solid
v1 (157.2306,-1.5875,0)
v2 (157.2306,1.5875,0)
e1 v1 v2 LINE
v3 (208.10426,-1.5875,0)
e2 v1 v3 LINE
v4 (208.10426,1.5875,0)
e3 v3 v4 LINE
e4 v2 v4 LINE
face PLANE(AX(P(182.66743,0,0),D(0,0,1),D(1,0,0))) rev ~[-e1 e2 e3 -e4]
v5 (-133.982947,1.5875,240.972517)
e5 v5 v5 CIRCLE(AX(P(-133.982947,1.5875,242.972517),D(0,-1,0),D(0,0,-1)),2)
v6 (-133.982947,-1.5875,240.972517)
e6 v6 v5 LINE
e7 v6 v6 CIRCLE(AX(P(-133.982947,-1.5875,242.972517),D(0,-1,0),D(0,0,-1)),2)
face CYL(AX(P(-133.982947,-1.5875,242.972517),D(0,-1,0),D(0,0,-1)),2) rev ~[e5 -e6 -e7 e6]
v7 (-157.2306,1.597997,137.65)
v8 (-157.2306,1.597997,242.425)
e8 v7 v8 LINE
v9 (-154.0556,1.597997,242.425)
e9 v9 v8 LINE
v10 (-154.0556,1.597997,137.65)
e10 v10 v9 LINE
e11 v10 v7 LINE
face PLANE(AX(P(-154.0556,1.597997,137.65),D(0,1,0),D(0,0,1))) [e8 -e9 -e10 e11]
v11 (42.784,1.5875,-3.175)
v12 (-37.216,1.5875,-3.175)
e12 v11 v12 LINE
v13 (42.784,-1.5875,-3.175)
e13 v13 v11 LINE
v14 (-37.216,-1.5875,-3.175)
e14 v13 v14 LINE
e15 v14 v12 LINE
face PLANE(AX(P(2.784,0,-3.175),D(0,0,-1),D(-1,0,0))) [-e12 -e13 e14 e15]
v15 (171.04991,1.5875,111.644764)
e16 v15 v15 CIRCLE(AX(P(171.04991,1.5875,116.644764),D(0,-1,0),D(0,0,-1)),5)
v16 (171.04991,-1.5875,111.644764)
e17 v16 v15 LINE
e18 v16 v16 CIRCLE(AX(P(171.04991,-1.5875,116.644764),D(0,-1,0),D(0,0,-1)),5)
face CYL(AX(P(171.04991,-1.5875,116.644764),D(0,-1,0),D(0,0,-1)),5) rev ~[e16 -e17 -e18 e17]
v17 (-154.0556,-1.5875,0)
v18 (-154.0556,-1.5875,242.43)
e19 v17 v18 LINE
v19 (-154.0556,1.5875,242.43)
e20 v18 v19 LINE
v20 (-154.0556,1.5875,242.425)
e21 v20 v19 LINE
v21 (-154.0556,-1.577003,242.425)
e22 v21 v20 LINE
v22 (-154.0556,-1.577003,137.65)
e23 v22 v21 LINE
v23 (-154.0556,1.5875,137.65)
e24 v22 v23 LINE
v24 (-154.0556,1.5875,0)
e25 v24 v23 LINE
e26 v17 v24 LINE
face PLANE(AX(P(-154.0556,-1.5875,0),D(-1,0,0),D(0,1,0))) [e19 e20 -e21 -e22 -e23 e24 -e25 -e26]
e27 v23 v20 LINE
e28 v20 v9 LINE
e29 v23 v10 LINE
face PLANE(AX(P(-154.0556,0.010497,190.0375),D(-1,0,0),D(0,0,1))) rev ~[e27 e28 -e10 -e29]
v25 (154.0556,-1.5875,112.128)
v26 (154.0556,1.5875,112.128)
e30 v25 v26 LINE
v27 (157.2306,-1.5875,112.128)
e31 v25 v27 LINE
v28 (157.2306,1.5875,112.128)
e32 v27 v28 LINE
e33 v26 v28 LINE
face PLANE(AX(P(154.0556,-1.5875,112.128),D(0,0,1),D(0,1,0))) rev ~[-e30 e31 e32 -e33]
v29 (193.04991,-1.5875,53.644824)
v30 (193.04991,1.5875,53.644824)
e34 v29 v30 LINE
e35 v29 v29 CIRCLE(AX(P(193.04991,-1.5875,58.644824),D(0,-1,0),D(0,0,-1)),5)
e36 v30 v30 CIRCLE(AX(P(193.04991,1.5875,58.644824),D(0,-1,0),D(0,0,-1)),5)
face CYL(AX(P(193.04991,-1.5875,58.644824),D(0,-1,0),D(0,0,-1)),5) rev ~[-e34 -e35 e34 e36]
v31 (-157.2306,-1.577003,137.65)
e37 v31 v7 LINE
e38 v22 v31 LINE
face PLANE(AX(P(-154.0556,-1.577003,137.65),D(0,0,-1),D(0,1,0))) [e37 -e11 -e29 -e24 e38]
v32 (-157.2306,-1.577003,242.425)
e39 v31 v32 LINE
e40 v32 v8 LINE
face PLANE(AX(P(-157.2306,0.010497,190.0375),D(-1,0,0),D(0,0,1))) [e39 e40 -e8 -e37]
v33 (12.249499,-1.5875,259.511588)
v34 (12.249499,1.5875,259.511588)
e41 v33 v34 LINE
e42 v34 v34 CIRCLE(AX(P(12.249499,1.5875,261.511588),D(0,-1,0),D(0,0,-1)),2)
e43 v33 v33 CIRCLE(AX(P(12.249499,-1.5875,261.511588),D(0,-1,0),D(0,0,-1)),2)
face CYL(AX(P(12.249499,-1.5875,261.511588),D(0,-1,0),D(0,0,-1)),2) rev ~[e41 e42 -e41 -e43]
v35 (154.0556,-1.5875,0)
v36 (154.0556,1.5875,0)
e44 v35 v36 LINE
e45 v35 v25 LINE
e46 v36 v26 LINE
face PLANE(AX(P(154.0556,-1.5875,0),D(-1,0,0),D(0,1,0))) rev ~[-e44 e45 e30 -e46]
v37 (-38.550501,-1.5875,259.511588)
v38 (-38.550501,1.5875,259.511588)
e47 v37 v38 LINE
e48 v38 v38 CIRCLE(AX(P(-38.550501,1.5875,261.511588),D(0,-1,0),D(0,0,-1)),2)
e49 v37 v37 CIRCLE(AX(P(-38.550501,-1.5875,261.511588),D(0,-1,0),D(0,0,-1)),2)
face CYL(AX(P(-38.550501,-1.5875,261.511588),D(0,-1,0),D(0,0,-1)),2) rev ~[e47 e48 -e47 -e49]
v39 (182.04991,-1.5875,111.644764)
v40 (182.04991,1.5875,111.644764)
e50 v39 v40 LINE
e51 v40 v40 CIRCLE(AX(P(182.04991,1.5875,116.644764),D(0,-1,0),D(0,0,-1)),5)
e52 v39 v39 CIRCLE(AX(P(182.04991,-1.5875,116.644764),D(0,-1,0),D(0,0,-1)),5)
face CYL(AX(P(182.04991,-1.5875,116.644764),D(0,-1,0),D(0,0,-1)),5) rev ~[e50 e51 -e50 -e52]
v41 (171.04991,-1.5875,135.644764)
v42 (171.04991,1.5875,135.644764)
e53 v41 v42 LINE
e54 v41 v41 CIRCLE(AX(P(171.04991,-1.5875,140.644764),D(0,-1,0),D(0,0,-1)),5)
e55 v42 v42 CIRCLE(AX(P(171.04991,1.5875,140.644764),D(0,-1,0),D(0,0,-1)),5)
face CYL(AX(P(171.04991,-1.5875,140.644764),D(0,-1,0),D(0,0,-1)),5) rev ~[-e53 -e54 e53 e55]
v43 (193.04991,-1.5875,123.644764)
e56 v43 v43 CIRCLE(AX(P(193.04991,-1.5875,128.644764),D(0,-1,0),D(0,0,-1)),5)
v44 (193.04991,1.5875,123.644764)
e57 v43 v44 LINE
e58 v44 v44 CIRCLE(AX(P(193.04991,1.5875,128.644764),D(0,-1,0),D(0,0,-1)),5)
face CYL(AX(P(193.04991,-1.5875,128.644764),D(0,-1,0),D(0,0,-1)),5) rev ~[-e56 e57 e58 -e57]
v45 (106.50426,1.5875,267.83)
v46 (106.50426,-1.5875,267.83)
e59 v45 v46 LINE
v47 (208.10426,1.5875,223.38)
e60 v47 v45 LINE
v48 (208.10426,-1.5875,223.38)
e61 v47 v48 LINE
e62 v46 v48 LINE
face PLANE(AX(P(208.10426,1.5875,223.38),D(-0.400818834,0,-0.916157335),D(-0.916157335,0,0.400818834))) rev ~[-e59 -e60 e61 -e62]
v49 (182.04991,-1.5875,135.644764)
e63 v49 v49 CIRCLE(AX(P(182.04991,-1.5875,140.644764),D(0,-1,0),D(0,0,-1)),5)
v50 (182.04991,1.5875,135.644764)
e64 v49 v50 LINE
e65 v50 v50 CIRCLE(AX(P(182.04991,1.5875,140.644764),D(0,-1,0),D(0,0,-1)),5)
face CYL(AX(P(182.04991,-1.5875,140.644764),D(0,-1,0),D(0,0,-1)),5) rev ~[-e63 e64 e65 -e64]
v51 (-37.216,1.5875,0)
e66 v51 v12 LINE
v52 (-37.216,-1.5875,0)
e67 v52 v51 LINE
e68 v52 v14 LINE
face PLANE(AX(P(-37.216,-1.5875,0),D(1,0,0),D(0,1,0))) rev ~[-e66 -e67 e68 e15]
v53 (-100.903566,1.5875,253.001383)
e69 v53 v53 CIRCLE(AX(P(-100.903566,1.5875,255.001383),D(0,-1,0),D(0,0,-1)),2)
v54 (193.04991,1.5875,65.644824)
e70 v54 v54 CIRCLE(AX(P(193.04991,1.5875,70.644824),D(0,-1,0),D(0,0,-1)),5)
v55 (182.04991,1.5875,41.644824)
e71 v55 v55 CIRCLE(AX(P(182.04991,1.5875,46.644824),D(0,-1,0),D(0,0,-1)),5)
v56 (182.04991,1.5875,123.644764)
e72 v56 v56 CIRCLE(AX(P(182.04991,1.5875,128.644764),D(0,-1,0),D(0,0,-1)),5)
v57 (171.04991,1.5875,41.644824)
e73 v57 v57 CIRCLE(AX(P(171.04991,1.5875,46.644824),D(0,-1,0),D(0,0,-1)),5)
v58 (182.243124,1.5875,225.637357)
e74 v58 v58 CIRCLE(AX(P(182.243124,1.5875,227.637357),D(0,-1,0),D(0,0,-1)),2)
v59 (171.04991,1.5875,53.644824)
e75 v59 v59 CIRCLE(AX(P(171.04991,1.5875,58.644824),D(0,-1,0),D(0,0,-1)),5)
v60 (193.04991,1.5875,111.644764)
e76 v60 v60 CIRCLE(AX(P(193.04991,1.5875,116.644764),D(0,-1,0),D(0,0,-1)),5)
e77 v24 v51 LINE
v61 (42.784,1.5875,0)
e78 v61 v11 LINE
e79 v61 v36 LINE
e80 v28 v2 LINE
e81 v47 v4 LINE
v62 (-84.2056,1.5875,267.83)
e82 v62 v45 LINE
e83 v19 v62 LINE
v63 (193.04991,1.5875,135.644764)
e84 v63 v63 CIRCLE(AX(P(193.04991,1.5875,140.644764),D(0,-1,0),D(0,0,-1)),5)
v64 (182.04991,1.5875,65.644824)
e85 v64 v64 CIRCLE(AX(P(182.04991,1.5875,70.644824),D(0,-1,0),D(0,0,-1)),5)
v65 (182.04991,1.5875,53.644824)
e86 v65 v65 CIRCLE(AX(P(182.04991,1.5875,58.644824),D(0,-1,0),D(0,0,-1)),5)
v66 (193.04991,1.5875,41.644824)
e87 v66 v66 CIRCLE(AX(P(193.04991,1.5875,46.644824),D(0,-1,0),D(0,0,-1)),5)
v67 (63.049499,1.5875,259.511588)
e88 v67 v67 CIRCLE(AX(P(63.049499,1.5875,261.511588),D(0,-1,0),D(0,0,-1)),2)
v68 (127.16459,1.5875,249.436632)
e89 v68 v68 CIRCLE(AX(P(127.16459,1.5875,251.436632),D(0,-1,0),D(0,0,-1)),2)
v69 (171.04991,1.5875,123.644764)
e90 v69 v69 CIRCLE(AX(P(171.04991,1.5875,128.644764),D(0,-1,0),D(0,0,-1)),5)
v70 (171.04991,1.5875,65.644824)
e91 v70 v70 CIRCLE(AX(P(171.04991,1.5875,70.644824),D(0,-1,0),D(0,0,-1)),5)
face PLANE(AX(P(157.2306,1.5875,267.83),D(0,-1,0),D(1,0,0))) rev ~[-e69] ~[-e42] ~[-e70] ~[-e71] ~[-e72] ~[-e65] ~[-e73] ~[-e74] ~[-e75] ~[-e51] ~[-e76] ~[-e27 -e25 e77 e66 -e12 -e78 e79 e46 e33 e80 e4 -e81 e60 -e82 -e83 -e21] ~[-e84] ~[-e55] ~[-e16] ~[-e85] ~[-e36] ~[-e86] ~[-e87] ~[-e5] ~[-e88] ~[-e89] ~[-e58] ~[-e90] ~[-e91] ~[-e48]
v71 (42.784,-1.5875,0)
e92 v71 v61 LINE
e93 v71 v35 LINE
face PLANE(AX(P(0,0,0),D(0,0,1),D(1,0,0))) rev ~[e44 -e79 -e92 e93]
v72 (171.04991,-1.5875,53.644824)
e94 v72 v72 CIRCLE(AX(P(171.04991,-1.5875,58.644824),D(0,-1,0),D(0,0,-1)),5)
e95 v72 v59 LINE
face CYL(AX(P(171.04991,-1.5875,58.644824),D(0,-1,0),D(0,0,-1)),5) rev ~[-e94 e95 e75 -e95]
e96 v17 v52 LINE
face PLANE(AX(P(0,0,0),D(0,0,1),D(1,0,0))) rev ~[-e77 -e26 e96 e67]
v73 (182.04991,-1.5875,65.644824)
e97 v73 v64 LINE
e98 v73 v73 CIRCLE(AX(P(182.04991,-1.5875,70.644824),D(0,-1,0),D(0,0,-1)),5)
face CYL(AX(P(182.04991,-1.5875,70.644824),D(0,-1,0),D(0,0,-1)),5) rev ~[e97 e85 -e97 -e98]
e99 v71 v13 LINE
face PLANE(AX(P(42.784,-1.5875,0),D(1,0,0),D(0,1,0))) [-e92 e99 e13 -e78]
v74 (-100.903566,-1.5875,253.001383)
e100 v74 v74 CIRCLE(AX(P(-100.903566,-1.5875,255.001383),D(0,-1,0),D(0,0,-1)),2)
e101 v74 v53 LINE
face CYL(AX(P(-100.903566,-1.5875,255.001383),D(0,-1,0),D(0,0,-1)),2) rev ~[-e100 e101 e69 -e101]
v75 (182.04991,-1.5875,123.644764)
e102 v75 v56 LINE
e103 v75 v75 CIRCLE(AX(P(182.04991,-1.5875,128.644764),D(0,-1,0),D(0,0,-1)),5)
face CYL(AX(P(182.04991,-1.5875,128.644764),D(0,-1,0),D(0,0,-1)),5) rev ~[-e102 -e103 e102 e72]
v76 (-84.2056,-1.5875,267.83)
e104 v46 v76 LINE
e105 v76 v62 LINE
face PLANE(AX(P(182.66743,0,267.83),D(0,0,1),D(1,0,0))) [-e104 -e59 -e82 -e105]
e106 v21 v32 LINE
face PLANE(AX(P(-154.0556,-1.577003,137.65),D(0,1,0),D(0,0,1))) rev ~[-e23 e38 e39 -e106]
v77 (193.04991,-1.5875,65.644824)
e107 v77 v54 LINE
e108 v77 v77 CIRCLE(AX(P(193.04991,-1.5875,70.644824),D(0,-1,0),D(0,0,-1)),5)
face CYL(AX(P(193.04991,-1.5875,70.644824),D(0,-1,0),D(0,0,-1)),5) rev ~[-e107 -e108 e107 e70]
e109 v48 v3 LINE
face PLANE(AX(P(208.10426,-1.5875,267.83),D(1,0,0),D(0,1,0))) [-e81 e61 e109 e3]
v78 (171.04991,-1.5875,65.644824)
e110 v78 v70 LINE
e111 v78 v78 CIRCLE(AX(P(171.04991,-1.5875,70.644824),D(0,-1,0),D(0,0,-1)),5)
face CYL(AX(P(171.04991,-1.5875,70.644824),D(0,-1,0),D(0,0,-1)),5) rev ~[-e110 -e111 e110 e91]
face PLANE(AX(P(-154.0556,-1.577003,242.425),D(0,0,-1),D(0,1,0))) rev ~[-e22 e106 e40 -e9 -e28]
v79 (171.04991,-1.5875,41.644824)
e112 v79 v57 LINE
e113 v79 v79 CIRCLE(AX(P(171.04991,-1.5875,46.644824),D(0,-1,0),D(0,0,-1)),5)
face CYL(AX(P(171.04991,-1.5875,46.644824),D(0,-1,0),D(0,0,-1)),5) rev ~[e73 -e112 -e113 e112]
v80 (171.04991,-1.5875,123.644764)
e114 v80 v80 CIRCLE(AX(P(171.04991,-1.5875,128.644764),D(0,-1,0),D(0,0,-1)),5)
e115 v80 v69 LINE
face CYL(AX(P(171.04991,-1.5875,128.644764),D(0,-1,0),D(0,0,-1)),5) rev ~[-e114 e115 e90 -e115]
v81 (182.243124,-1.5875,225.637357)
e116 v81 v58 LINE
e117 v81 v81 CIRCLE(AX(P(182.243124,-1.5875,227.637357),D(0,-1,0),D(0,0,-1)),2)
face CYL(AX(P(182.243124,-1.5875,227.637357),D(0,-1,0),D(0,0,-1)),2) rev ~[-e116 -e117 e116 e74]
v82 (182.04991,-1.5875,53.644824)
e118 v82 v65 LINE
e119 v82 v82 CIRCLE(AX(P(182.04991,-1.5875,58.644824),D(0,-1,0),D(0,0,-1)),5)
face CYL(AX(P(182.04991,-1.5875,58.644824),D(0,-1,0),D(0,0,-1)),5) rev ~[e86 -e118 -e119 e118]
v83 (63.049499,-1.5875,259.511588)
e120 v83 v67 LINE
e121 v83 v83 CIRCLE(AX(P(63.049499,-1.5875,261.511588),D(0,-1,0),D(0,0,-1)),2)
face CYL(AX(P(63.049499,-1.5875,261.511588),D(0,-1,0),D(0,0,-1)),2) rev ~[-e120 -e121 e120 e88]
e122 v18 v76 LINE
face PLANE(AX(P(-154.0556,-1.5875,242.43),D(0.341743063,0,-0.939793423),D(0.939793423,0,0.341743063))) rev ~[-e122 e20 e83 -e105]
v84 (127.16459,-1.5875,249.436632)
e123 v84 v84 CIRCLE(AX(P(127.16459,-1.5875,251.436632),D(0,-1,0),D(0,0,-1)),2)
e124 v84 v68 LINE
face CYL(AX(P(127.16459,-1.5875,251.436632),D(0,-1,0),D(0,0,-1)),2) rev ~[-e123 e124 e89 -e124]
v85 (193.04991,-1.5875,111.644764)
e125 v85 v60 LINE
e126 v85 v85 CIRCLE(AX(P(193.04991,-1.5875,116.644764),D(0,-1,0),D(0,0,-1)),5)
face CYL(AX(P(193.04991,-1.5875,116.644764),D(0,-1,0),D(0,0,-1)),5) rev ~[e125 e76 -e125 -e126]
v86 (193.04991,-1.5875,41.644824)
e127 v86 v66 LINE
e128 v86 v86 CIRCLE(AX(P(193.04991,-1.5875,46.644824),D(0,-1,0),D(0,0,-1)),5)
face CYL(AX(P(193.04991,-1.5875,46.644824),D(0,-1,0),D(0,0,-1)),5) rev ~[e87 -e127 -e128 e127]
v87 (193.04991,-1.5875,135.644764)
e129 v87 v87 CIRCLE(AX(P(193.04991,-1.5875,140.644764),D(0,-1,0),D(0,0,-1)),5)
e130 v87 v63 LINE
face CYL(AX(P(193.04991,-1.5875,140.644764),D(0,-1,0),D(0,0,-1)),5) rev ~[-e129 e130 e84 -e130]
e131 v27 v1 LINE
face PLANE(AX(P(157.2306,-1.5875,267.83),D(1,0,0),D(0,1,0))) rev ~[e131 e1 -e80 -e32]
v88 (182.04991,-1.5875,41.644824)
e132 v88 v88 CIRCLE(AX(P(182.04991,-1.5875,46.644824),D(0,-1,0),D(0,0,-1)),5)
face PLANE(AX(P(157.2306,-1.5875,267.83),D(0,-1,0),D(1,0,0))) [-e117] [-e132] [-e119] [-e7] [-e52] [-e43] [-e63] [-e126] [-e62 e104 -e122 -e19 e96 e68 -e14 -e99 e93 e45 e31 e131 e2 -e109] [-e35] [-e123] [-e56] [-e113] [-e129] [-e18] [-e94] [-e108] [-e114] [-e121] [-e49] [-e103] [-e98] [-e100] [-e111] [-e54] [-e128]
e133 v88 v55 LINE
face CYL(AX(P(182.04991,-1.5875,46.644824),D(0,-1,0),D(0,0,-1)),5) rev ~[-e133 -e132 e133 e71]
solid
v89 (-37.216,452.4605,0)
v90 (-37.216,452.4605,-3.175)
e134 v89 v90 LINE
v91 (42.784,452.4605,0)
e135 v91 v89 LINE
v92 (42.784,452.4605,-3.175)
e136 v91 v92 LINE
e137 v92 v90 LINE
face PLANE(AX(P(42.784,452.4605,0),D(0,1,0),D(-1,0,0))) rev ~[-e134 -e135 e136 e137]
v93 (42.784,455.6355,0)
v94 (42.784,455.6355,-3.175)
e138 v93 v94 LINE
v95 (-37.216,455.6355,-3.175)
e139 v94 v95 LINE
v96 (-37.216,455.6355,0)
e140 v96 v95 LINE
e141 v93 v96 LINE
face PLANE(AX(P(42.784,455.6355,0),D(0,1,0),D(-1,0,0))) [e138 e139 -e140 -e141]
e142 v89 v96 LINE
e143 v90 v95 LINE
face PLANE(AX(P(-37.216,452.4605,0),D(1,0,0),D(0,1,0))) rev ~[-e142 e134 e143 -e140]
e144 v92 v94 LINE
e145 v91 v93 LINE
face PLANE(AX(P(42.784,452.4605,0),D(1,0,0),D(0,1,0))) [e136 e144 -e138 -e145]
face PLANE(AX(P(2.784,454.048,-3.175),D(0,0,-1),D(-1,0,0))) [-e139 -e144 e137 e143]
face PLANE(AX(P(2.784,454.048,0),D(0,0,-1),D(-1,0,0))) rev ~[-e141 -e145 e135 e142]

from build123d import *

# Parameters (mm, degrees)
SKETCH1_W           = 308.1112
SKETCH1_H           = 3.175
BOSS_EXTRUDE1_DEPTH = 267.83
SKETCH3_W           = 155.702
SKETCH3_H           = 3.175
BOSS_EXTRUDE3_DEPTH = 3.175
SKETCH4_W           = 50.87366
SKETCH4_H           = 3.175
BOSS_EXTRUDE4_DEPTH = 267.83
CUT_EXTRUDE1_DEPTH  = 340.190761306
CUT_EXTRUDE3_DEPTH  = 340.190761306
SKETCH13_R          = 5
CUT_EXTRUDE4_DEPTH  = 340.190761306
LPATTERN1_COUNT     = 3
LPATTERN1_PITCH     = 12
SKETCH17_W          = 104.775
SKETCH17_H          = 3.175
BOSS_EXTRUDE5_DEPTH = 3.175
SKETCH18_W          = 80
SKETCH18_H          = 3.175
BOSS_EXTRUDE6_DEPTH = 3.175
SKETCH19_W          = 80
SKETCH19_H          = 3.175
BOSS_EXTRUDE7_DEPTH = 3.175
SKETCH20_R          = 2
CUT_EXTRUDE5_DEPTH  = 3.175


with BuildPart() as part:
    # Sketch1 → Boss-Extrude1 (new body)
    with BuildSketch(Plane.XY):
        Rectangle(SKETCH1_W, SKETCH1_H)
    extrude(amount=BOSS_EXTRUDE1_DEPTH)

    # Sketch3 → Boss-Extrude3 (add)
    with BuildSketch(Plane(origin=(154.0556, 0, 0), x_dir=(0, 0, -1), z_dir=(1, 0, 0))):
        with Locations((-189.979, 0)):
            Rectangle(SKETCH3_W, SKETCH3_H)
    extrude(amount=BOSS_EXTRUDE3_DEPTH)

    # Sketch4 → Boss-Extrude4 (add)
    with BuildSketch(Plane.XY.offset(267.83)):
        with Locations((182.66743, 0)):
            Rectangle(SKETCH4_W, SKETCH4_H)
    extrude(amount=-BOSS_EXTRUDE4_DEPTH)

    # Sketch6 → Cut-Extrude1 (cut, through all)
    with BuildSketch(Plane(origin=(0, 1.5875, 0), x_dir=(1, 0, 0), z_dir=(0, 1, 0))):
        Polygon((208.10426, -223.38), (106.50426, -267.83), (208.10426, -267.83), align=None)
    extrude(amount=-CUT_EXTRUDE1_DEPTH, mode=Mode.SUBTRACT)

    # Sketch11 → Cut-Extrude3 (cut, through all)
    with BuildSketch(Plane.XZ.offset(1.5875)):
        Polygon((-154.0556, 242.43), (-84.2056, 267.83), (-154.0556, 267.83), align=None)
    extrude(amount=-CUT_EXTRUDE3_DEPTH, mode=Mode.SUBTRACT)

    # Sketch13 → Cut-Extrude4 (cut, through all)
    with BuildSketch(Plane.XZ.offset(1.5875)):
        with Locations(Location((171.04991, 116.644763656, 0), (0, 0, 270))):
            Circle(SKETCH13_R)
        with Locations(Location((182.04991, 116.644763656, 0), (0, 0, 270))):
            Circle(SKETCH13_R)
        with Locations(Location((193.04991, 116.644763656, 0), (0, 0, 270))):
            Circle(SKETCH13_R)
        with Locations(Location((171.04991, 46.644823778, 0), (0, 0, 270))):
            Circle(SKETCH13_R)
        with Locations(Location((182.04991, 46.644823778, 0), (0, 0, 270))):
            Circle(SKETCH13_R)
        with Locations(Location((193.04991, 46.644823778, 0), (0, 0, 270))):
            Circle(SKETCH13_R)
    cut_extrude4 = extrude(amount=-CUT_EXTRUDE4_DEPTH, mode=Mode.SUBTRACT)

    # LPattern1: Cut-Extrude4 ×3
    with Locations(*[(0, 0, i * LPATTERN1_PITCH) for i in range(1, LPATTERN1_COUNT)]):
        add(cut_extrude4, mode=Mode.SUBTRACT)

    # Sketch17 → Boss-Extrude5 (add)
    with BuildSketch(Plane.ZY.offset(154.0556)):
        with Locations((190.037500036, 0.0104967)):
            Rectangle(SKETCH17_W, SKETCH17_H)
    extrude(amount=BOSS_EXTRUDE5_DEPTH)

    # Sketch18 → Boss-Extrude6 (add)
    with BuildSketch(Plane(origin=(0, 0, 0), x_dir=(-1, 0, 0), z_dir=(0, 0, -1))):
        with Locations((-2.78399998, 0)):
            Rectangle(SKETCH18_W, SKETCH18_H)
    extrude(amount=BOSS_EXTRUDE6_DEPTH)

    # Sketch20 → Cut-Extrude5 (cut)
    with BuildSketch(Plane.XZ.offset(1.5875)):
        with Locations(Location((182.243124242, 227.637356871, 0), (0, 0, 270))):
            Circle(SKETCH20_R)
        with Locations(Location((127.164589763, 251.436632224, 0), (0, 0, 270))):
            Circle(SKETCH20_R)
        with Locations(Location((63.04949858, 261.511588172, 0), (0, 0, 270))):
            Circle(SKETCH20_R)
        with Locations(Location((12.24949858, 261.511588172, 0), (0, 0, 270))):
            Circle(SKETCH20_R)
        with Locations(Location((-38.55050142, 261.511588172, 0), (0, 0, 270))):
            Circle(SKETCH20_R)
        with Locations(Location((-100.903566138, 255.00138282, 0), (0, 0, 270))):
            Circle(SKETCH20_R)
        with Locations(Location((-133.982946832, 242.972517113, 0), (0, 0, 270))):
            Circle(SKETCH20_R)
    extrude(amount=-CUT_EXTRUDE5_DEPTH, mode=Mode.SUBTRACT)


with BuildPart() as body_2:
    # Sketch19 → Boss-Extrude7 (new body)
    with BuildSketch(Plane(origin=(0, 0, 0), x_dir=(-1, 0, 0), z_dir=(0, 0, -1))):
        with Locations((-2.78399998, 454.048)):
            Rectangle(SKETCH19_W, SKETCH19_H)
    extrude(amount=BOSS_EXTRUDE7_DEPTH)


solid = Compound([part.part, body_2.part])
